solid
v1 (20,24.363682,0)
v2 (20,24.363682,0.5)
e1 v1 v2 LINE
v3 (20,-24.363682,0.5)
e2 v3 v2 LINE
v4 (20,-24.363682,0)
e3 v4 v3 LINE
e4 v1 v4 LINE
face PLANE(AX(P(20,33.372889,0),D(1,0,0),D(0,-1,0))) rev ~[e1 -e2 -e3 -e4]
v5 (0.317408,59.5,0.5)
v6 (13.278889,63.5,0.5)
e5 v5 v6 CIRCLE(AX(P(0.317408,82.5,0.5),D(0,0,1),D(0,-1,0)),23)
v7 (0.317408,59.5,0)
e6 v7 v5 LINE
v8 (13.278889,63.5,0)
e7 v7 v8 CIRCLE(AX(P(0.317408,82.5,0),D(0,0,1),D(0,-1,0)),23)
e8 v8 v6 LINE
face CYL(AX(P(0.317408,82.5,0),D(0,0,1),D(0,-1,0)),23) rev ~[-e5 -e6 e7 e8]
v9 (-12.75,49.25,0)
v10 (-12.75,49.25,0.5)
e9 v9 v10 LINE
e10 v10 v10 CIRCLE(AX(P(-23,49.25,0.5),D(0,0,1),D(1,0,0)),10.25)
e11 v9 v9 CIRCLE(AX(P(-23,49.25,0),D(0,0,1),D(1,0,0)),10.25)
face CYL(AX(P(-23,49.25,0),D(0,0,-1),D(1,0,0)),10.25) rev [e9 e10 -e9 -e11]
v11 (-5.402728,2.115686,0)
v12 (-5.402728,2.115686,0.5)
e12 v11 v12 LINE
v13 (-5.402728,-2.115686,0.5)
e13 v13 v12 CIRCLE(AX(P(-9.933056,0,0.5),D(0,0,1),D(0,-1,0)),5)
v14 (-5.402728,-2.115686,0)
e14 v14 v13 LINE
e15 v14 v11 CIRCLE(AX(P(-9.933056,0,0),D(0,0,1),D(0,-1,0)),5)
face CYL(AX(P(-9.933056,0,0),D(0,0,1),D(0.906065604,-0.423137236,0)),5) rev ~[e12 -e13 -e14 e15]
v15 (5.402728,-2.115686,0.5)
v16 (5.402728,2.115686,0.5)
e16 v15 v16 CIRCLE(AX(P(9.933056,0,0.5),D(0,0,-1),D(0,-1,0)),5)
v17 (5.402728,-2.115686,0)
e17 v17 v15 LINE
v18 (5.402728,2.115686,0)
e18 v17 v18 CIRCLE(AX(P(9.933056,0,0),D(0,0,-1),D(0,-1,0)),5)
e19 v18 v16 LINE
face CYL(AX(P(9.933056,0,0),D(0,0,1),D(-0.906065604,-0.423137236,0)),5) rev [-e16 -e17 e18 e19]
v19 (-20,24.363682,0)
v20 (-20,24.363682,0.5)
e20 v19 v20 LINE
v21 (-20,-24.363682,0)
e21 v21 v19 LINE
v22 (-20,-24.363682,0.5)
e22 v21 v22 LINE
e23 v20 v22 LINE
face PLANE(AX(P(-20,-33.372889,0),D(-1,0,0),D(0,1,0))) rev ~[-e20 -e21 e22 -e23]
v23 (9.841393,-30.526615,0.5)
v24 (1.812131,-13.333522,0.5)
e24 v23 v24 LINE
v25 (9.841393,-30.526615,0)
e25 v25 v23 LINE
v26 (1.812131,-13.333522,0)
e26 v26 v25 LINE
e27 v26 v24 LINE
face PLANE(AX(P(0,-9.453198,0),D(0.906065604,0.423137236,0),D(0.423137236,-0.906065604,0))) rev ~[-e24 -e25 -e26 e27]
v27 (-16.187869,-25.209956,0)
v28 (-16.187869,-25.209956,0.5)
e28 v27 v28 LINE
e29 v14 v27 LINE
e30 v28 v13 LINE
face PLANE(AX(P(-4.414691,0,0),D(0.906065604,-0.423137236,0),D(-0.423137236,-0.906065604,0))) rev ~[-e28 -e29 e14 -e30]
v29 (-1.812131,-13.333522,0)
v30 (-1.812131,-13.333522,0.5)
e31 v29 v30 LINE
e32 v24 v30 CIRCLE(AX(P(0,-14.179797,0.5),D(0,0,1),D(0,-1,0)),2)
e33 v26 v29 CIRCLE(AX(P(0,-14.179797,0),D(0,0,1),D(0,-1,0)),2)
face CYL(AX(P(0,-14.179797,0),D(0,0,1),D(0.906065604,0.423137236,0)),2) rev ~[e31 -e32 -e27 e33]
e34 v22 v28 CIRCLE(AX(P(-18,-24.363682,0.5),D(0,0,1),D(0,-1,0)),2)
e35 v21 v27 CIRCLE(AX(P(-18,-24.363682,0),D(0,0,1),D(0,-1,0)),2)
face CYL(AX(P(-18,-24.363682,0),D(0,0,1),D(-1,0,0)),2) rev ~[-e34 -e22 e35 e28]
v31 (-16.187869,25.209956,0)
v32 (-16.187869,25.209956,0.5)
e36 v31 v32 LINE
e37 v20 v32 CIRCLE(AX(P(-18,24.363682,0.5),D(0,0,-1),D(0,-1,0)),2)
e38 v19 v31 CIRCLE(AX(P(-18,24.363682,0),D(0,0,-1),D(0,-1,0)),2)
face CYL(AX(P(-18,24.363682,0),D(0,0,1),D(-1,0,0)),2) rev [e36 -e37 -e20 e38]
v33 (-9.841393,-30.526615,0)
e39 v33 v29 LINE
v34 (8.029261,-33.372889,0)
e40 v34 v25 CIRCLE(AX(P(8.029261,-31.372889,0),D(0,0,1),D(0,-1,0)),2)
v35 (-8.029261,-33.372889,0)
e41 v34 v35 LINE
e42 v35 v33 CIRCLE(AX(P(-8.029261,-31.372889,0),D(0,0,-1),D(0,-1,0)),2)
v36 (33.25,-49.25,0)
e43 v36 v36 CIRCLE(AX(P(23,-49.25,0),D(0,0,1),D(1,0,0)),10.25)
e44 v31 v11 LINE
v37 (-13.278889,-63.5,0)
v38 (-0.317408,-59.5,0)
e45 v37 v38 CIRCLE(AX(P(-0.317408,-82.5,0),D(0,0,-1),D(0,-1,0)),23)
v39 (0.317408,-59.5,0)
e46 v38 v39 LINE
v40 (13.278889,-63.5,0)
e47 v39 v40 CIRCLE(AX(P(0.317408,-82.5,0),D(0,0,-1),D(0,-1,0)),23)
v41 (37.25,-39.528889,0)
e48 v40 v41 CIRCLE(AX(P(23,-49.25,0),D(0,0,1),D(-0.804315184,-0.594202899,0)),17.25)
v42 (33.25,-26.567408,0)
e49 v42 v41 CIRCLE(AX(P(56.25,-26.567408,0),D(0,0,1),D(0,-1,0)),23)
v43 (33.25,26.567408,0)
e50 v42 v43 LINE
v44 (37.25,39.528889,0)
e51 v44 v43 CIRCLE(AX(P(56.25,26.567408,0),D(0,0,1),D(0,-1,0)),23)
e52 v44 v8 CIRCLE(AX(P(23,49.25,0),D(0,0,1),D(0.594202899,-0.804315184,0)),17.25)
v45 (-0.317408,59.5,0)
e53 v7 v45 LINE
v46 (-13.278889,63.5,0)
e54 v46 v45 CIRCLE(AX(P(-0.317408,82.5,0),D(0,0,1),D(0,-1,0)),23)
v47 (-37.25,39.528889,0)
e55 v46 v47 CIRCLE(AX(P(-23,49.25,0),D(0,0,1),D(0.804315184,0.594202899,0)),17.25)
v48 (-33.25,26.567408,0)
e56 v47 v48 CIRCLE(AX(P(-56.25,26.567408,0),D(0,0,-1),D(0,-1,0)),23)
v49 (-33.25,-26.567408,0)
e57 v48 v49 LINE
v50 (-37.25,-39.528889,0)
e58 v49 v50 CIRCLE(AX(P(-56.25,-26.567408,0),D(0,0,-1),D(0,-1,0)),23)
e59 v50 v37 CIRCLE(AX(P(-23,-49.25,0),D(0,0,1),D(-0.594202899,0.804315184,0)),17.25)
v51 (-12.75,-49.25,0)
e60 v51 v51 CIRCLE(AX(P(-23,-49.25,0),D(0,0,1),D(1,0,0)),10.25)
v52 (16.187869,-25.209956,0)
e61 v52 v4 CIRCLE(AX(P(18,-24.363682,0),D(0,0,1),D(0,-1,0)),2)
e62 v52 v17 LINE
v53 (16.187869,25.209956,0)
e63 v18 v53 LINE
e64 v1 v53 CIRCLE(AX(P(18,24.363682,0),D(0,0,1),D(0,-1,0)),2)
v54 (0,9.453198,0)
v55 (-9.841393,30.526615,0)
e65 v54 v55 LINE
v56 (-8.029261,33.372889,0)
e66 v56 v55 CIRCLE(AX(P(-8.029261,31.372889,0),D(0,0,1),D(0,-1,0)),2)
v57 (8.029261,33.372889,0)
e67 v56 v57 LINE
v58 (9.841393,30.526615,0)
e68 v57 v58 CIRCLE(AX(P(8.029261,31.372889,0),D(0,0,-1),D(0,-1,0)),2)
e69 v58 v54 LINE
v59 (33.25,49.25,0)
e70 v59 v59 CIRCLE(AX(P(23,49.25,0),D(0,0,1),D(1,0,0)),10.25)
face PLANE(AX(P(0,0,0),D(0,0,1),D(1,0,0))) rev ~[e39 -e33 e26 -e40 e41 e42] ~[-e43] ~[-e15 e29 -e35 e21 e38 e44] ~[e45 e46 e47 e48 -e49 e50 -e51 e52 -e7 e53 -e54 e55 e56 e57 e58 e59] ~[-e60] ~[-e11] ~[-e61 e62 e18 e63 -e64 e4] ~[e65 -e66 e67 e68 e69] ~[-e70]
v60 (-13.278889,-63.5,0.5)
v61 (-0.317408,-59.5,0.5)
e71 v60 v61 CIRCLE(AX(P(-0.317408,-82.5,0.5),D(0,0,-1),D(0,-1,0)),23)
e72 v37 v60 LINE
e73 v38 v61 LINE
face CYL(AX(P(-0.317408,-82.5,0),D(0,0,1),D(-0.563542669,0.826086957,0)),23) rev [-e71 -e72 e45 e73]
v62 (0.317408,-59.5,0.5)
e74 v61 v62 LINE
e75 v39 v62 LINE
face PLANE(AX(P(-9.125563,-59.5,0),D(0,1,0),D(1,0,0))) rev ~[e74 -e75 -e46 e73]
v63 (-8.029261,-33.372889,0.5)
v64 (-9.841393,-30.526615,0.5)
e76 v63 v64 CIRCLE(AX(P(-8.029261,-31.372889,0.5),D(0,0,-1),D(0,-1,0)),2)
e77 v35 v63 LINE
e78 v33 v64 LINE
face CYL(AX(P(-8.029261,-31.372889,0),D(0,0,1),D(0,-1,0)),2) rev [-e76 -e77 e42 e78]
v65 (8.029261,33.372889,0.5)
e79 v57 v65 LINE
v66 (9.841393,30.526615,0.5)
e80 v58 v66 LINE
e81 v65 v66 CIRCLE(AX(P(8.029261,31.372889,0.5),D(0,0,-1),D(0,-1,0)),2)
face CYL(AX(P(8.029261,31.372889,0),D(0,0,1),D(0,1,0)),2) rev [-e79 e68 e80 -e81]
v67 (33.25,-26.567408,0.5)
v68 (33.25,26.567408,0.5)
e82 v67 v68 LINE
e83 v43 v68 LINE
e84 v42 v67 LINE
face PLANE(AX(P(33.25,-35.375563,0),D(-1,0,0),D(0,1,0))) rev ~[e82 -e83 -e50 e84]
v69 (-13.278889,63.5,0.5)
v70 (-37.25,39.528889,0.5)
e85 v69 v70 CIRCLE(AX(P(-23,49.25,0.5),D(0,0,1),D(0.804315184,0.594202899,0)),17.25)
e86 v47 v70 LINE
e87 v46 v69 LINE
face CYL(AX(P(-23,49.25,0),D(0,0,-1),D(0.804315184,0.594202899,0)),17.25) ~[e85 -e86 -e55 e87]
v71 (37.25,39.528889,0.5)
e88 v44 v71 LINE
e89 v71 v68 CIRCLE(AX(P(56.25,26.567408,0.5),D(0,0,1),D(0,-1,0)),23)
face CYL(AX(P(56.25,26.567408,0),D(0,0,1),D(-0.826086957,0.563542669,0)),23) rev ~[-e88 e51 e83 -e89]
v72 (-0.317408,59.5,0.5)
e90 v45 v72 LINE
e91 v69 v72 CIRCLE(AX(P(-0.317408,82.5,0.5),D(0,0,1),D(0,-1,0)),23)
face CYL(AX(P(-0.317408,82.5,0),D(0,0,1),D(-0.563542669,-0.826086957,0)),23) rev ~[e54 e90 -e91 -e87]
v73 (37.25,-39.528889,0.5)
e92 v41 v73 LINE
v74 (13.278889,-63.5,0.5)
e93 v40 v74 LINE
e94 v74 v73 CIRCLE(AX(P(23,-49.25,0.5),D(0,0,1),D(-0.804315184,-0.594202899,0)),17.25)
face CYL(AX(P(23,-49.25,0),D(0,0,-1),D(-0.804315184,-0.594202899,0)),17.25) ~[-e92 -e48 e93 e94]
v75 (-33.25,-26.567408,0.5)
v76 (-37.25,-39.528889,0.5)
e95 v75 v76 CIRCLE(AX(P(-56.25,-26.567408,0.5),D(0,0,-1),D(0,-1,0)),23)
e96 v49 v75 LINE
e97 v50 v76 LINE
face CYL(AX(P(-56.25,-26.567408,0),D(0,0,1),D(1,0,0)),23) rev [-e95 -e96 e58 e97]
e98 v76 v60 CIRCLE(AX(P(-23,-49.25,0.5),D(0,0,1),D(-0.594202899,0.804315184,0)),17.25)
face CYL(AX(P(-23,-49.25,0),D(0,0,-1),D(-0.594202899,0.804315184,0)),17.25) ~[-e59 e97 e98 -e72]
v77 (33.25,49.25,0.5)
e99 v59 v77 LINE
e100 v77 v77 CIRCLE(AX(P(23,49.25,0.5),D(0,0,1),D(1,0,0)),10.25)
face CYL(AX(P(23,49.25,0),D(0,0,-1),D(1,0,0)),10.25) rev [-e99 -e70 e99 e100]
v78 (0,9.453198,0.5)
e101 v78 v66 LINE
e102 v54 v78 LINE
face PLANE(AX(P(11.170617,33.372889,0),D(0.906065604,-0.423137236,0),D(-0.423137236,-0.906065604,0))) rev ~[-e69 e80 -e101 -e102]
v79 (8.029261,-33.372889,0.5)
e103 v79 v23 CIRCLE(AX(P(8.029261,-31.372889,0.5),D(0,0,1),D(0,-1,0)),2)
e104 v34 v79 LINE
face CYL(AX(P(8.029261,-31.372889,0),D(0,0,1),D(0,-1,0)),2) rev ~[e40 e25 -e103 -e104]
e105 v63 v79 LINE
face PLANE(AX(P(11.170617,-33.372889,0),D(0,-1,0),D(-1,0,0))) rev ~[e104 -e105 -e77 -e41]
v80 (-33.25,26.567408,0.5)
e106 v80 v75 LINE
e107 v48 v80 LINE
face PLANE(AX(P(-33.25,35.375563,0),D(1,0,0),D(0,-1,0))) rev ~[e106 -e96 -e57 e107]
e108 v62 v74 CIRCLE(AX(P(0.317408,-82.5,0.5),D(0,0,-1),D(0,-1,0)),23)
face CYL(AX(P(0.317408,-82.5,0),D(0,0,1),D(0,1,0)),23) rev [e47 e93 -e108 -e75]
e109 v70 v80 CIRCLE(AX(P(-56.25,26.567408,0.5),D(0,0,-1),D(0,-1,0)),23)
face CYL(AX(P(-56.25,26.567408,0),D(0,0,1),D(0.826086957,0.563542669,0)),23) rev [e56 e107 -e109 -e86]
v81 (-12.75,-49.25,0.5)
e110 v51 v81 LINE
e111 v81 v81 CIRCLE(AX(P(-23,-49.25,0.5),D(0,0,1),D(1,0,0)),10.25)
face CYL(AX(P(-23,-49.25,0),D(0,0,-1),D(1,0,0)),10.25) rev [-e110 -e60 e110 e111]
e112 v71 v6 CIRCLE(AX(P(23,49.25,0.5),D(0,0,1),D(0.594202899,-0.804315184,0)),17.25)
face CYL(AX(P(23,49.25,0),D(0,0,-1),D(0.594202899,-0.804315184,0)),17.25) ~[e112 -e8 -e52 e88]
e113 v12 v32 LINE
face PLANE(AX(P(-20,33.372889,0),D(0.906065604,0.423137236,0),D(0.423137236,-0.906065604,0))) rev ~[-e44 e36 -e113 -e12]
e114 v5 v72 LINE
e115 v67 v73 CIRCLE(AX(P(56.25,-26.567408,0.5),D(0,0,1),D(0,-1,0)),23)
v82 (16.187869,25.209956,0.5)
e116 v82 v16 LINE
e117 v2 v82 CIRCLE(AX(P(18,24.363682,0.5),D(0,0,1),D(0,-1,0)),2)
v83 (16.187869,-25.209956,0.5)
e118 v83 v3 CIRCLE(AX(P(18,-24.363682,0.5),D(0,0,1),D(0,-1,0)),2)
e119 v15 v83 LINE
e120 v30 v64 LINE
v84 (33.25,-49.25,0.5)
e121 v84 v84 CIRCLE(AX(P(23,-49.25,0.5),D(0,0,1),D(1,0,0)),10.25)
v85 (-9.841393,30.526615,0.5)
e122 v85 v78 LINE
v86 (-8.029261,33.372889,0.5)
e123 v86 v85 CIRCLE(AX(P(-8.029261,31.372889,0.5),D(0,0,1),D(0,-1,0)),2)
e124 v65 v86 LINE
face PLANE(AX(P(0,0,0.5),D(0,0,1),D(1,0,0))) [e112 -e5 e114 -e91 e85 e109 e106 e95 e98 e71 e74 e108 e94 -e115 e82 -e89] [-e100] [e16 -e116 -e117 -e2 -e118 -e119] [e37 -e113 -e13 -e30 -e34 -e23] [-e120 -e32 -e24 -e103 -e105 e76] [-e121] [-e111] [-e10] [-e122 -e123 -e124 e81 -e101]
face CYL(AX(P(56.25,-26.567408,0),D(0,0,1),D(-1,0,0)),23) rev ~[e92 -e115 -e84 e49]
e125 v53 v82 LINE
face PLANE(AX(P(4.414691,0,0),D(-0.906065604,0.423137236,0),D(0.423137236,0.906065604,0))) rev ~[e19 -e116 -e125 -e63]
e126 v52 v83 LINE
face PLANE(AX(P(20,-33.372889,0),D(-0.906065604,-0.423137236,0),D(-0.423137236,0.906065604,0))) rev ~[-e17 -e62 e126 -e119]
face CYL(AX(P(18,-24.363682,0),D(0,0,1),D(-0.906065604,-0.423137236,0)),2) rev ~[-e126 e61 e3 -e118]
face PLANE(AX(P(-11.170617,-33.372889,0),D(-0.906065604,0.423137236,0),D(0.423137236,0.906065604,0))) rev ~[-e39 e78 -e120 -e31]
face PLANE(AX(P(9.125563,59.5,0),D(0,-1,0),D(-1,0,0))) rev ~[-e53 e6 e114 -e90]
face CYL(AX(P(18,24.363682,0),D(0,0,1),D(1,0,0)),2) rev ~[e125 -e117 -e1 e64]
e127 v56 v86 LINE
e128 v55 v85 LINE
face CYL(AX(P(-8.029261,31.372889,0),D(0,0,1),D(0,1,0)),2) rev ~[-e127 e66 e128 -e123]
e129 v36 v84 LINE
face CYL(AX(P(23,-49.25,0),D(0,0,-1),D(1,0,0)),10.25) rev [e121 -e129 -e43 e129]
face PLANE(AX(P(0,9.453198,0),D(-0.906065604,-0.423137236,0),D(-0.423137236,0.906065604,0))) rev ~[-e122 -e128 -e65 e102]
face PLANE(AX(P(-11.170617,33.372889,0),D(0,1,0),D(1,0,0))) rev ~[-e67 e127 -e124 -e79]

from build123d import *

# Parameters (mm, degrees)
SKETCH_1_R          = 10.25
EXTRUDE_2_DEPTH     = 0.5
FILLET_1_R          = 23
CUT_EXTRUDE_1_DEPTH = 55
FILLET_2_R          = 2
FILLET_3_R          = 5


with BuildPart() as part:
    # 草图1 → 凸台-拉伸2 (new body)
    with BuildSketch(Plane.XY):
        with BuildLine():
            ThreePointArc((-9.125563074, 59.5), (-35.197591975, 61.447591975), (-33.25, 35.375563074))
            Line((-33.25, 35.375563074), (-33.25, -35.375563074))
            ThreePointArc((-33.25, -35.375563074), (-35.197591975, -61.447591975), (-9.125563074, -59.5))
            Line((-9.125563074, -59.5), (9.125563074, -59.5))
            ThreePointArc((9.125563074, -59.5), (35.197591975, -61.447591975), (33.25, -35.375563074))
            Line((33.25, -35.375563074), (33.25, 35.375563074))
            ThreePointArc((33.25, 35.375563074), (35.197591975, 61.447591975), (9.125563074, 59.5))
            Line((9.125563074, 59.5), (-9.125563074, 59.5))
        make_face()
        with Locations((23, -49.25)):
            Circle(SKETCH_1_R, mode=Mode.SUBTRACT)
        with Locations((-23, -49.25)):
            Circle(SKETCH_1_R, mode=Mode.SUBTRACT)
        with Locations((23, 49.25)):
            Circle(SKETCH_1_R, mode=Mode.SUBTRACT)
        with Locations((-23, 49.25)):
            Circle(SKETCH_1_R, mode=Mode.SUBTRACT)
    extrude(amount=EXTRUDE_2_DEPTH)

    # 圆角1
    fillet_1_edges = [part.edges().sort_by_distance(p)[0] for p in [
        (33.25, -35.375563074, 0.25),
        (9.125563074, -59.5, 0.25),
        (-9.125563074, -59.5, 0.25),
        (-33.25, -35.375563074, 0.25),
        (-33.25, 35.375563074, 0.25),
        (-9.125563074, 59.5, 0.25),
        (9.125563074, 59.5, 0.25),
        (33.25, 35.375563074, 0.25),
    ]]
    fillet(fillet_1_edges, radius=FILLET_1_R)

    # 草图2 → 切除-拉伸1 (cut)
    with BuildSketch(Plane(origin=(0, 0, 0), x_dir=(-1, 0, 0), z_dir=(0, 0, -1))):
        Polygon((20, 33.37288914), (4.414691366, 0), (20, -33.37288914), align=None)
        Polygon((-11.170617268, 33.37288914), (0, 9.453197817), (11.170617268, 33.37288914), align=None)
        Polygon((-4.414691366, 0), (-20, 33.37288914), (-20, -33.37288914), align=None)
        Polygon((11.170617268, -33.37288914), (0, -9.453197817), (-11.170617268, -33.37288914), align=None)
    extrude(amount=-CUT_EXTRUDE_1_DEPTH, mode=Mode.SUBTRACT)

    # 圆角2
    fillet_2_edges = [part.edges().sort_by_distance(p)[0] for p in [
        (20, 33.37288914, 0.25),
        (20, -33.37288914, 0.25),
        (11.170617268, 33.37288914, 0.25),
        (-11.170617268, 33.37288914, 0.25),
        (11.170617268, -33.37288914, 0.25),
        (0, -9.453197817, 0.25),
        (-11.170617268, -33.37288914, 0.25),
        (-20, 33.37288914, 0.25),
        (-20, -33.37288914, 0.25),
    ]]
    fillet(fillet_2_edges, radius=FILLET_2_R)

    # 圆角3
    fillet_3_edges = [part.edges().sort_by_distance(p)[0] for p in [
        (4.414691366, 0, 0.25),
        (-4.414691366, 0, 0.25),
    ]]
    fillet(fillet_3_edges, radius=FILLET_3_R)


solid = part.part
